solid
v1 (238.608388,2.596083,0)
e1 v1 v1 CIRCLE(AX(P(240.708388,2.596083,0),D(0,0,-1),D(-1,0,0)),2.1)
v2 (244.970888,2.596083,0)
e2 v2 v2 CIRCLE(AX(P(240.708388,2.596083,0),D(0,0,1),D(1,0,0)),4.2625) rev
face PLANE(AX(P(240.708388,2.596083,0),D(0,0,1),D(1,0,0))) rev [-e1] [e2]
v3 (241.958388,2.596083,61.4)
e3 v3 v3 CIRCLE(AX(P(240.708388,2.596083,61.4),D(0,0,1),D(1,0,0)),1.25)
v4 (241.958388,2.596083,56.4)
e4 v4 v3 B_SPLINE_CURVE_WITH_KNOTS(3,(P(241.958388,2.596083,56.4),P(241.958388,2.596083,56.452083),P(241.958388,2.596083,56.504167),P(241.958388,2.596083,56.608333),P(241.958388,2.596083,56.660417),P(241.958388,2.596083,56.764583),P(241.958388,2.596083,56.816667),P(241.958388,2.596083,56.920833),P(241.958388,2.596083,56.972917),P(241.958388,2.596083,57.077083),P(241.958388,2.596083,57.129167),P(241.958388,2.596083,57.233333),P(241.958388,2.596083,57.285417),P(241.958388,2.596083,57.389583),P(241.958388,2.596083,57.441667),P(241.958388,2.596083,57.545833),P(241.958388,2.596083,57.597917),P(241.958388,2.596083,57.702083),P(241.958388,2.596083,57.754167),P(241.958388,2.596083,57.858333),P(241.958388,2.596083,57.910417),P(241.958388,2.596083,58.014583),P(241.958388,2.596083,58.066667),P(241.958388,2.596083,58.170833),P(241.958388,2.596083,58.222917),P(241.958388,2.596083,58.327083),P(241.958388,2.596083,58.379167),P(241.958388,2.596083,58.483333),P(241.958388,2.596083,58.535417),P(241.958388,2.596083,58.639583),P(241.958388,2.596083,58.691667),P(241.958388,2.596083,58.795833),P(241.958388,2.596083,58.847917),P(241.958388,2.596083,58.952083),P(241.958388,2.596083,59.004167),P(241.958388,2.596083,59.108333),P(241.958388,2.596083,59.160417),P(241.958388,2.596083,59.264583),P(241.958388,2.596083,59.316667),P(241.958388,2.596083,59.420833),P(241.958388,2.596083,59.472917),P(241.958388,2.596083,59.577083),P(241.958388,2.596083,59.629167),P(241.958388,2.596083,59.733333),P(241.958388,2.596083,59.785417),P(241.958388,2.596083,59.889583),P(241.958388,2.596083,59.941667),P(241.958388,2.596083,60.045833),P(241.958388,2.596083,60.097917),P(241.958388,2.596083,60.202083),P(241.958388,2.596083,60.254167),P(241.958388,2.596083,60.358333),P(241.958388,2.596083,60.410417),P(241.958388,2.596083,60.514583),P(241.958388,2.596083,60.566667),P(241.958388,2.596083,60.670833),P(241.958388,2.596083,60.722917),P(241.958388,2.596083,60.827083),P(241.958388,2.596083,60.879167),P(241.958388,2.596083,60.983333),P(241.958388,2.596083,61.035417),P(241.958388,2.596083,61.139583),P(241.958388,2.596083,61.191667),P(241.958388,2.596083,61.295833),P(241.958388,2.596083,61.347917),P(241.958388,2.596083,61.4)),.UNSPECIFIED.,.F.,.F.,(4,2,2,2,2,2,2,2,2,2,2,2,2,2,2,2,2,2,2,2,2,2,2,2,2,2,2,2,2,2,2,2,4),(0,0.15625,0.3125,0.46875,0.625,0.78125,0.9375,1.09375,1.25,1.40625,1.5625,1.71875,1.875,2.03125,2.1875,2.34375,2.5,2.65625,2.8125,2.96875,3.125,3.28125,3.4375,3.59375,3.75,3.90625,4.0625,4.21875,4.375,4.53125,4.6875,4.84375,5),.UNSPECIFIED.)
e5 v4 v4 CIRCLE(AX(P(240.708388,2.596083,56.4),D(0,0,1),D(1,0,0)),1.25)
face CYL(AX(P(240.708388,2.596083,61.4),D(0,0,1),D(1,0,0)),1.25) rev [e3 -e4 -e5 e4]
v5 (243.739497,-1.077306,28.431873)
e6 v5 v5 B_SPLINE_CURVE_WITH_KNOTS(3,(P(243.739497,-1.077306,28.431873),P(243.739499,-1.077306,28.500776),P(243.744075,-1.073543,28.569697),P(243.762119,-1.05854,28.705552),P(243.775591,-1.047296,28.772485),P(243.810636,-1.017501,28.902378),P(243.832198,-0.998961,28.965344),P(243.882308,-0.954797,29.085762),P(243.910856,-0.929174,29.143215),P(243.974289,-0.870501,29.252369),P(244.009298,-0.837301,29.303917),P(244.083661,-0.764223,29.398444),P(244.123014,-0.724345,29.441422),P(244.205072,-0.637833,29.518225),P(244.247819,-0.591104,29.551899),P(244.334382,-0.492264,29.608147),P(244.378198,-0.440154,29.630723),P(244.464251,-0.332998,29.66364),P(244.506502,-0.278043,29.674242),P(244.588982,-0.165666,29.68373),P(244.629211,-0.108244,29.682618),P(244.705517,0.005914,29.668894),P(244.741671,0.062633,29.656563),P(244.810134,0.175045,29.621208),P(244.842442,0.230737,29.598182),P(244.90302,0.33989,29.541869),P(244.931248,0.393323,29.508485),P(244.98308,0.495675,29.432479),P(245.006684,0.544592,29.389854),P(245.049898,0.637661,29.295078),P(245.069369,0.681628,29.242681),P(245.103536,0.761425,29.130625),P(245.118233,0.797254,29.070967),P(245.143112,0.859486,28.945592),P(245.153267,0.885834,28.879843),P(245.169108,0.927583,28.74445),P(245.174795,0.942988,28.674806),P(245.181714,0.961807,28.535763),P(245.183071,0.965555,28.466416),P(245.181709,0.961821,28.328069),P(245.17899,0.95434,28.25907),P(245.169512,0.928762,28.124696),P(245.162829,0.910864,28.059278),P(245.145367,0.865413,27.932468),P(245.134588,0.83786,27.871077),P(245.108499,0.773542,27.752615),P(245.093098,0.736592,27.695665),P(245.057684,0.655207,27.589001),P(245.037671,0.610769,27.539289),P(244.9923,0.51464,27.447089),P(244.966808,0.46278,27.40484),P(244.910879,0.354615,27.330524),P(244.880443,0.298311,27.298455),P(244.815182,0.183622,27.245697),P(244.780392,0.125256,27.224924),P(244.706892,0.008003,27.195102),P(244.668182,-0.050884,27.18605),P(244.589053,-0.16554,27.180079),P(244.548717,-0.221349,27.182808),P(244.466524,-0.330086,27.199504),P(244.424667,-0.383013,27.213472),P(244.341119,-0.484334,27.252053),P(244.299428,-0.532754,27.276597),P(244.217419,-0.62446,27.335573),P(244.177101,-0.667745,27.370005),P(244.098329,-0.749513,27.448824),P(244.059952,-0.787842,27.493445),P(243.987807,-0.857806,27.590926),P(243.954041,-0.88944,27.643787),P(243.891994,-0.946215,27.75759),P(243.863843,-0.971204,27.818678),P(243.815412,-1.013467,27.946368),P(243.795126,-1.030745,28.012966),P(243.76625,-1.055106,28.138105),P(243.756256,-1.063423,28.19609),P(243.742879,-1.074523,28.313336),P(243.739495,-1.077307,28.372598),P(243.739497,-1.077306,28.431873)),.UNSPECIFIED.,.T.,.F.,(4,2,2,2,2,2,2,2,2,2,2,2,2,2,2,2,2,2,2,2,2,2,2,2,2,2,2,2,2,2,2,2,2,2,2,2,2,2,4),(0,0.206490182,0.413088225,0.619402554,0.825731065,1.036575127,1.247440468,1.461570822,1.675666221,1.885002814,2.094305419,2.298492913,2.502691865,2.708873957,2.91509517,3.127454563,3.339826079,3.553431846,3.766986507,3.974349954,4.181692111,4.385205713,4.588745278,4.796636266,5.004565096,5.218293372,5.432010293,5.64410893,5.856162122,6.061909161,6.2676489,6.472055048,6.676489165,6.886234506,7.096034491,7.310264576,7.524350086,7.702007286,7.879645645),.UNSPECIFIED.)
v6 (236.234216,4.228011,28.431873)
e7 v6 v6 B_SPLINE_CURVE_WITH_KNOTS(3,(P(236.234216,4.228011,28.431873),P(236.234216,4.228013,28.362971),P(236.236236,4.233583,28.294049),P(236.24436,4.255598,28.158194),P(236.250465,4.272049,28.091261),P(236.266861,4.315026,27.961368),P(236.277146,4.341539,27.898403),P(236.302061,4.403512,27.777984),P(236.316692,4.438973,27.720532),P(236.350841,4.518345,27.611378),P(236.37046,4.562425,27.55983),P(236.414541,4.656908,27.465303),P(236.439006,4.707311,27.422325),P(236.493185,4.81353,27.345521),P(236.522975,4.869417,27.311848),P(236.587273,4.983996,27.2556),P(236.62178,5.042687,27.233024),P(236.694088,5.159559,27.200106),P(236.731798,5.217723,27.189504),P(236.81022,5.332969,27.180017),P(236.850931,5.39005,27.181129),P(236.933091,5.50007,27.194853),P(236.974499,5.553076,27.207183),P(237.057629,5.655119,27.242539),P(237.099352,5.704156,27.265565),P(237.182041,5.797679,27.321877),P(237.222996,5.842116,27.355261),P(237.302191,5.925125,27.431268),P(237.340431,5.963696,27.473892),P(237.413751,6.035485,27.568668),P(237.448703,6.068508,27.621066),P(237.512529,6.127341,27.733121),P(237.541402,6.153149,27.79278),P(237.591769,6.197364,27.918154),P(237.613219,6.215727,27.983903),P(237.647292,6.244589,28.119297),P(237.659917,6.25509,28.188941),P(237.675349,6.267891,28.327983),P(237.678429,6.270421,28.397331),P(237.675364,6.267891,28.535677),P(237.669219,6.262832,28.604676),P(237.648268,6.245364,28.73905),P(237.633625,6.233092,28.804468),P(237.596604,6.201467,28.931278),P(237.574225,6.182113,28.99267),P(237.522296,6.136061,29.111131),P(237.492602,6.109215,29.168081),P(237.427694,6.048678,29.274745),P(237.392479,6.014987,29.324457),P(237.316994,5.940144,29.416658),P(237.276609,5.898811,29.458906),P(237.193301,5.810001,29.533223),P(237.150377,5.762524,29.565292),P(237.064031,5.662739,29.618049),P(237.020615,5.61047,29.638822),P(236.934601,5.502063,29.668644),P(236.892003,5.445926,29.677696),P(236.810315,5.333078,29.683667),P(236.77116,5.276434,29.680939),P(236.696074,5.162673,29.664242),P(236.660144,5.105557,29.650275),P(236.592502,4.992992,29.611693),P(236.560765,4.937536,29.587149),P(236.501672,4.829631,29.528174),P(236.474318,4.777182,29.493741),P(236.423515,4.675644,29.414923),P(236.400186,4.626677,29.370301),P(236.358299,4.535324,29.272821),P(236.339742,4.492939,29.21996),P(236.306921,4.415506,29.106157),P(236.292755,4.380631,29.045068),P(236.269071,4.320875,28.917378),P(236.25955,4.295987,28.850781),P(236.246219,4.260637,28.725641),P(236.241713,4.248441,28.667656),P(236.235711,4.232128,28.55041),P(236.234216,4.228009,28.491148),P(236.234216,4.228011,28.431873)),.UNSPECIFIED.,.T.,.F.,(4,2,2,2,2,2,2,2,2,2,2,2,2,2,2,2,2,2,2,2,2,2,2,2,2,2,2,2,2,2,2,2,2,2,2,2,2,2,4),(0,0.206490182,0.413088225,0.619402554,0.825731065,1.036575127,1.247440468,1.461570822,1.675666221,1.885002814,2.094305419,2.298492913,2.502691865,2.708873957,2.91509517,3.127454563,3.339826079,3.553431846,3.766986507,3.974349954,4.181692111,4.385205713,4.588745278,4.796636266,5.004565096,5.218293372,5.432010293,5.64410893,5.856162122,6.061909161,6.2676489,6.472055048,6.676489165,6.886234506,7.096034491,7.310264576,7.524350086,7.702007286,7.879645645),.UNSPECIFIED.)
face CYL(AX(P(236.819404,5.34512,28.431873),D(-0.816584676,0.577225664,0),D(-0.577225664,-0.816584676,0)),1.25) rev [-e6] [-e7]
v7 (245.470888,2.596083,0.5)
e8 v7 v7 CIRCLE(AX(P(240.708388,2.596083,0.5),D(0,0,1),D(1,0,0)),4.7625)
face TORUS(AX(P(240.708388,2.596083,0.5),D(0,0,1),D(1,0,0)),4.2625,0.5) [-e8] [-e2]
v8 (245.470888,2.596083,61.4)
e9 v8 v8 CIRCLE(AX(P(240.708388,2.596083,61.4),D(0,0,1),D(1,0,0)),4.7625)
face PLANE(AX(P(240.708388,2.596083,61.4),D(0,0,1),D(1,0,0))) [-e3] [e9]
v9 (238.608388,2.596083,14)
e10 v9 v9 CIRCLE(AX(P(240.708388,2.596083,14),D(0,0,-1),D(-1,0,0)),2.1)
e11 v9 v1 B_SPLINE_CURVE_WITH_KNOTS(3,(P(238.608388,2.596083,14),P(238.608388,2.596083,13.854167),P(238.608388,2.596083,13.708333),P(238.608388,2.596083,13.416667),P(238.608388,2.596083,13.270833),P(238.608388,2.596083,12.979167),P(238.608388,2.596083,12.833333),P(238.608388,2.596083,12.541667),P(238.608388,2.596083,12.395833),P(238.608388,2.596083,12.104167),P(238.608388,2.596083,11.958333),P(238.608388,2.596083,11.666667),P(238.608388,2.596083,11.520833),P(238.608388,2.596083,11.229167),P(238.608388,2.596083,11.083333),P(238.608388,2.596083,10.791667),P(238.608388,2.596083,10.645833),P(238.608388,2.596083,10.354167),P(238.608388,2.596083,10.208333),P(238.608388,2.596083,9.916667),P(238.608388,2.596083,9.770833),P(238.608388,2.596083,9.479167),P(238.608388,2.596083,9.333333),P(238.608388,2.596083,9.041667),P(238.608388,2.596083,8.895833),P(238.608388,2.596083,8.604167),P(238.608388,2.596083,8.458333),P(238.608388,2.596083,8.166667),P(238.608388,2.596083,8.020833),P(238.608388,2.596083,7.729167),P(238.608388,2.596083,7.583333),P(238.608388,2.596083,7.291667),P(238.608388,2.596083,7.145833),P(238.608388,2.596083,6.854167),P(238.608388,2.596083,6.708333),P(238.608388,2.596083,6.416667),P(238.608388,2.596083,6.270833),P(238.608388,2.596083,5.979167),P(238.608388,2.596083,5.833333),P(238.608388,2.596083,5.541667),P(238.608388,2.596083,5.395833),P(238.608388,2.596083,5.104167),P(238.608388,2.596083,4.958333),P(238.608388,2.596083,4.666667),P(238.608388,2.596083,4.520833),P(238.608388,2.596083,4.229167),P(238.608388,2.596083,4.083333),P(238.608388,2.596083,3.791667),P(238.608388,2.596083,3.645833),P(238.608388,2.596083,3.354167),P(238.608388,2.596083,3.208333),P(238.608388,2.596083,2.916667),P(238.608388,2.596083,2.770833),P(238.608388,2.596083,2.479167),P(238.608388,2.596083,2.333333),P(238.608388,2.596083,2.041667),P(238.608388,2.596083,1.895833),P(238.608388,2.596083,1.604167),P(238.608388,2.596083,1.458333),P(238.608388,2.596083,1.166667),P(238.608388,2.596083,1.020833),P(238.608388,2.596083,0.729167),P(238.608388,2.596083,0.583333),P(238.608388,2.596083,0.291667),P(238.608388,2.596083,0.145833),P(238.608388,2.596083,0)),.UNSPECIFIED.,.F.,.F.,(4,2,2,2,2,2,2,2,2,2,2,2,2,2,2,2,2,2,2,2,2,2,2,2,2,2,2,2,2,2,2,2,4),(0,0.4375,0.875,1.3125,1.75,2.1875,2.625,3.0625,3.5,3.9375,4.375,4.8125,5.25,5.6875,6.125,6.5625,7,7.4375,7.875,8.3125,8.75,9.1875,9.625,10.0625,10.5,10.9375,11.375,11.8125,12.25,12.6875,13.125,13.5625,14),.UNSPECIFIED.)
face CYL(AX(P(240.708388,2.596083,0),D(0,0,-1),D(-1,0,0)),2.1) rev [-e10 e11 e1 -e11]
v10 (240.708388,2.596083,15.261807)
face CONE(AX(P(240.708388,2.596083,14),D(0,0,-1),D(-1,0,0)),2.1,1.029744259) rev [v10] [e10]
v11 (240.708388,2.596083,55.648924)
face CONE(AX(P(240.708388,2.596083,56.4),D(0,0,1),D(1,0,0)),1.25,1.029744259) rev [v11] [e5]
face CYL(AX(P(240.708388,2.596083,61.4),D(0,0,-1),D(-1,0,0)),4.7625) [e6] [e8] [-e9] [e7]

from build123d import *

# Parameters (mm, degrees)
ESBO_O1_R                                      = 4.7625
RESSALTO_EXTRUS_O1_DEPTH                       = 61.4
FURO_ROSCADO_DE_M5X0_81_D                      = 4.2
FURO_ROSCADO_DE_M5X0_81_DEPTH                  = 14
FURO_ROSCADO_DE_M5X0_81_TIP                    = 1.2618073
FILETE1_R                                      = 0.5
BROCA_DE_ROSQUEAR_PARA_TARRAXA_DE_M3X0_5_D     = 2.5
BROCA_DE_ROSQUEAR_PARA_TARRAXA_DE_M3X0_5_DEPTH = 5
BROCA_DE_ROSQUEAR_PARA_TARRAXA_DE_M3X0_5_TIP   = 0.751075774
BROCA_DE_ROSQUEAR_PARA_TARRAXA_DE_M3_2_D       = 2.5
BROCA_DE_ROSQUEAR_PARA_TARRAXA_DE_M3_2_DEPTH   = 10
BROCA_DE_ROSQUEAR_PARA_TARRAXA_DE_M3_2_TIP     = 0.751075774


with BuildPart() as part:
    # Esboço1 → Ressalto-extrusão1 (new body)
    with BuildSketch(Plane.XY):
        with Locations((240.708388302, 2.596082859)):
            Circle(ESBO_O1_R)
    extrude(amount=RESSALTO_EXTRUS_O1_DEPTH)

    # Furo roscado de M5x0.81
    with Locations(Plane(origin=(0, 0, 0), x_dir=(-1, 0, 0), z_dir=(0, 0, -1))):
        with Locations((-240.708388302, 2.596082859)):
            Hole(FURO_ROSCADO_DE_M5X0_81_D / 2, depth=FURO_ROSCADO_DE_M5X0_81_DEPTH)
            with Locations((0, 0, -(FURO_ROSCADO_DE_M5X0_81_DEPTH + FURO_ROSCADO_DE_M5X0_81_TIP / 2))):  # 118° drill point
                Cone(0, FURO_ROSCADO_DE_M5X0_81_D / 2, FURO_ROSCADO_DE_M5X0_81_TIP, mode=Mode.SUBTRACT)

    # Filete1
    filete1_edges = [part.edges().sort_by_distance(p)[0] for p in [
        (235.945888302, 2.596082859, 0),
    ]]
    fillet(filete1_edges, radius=FILETE1_R)

    # Broca de rosquear para tarraxa de M3x0.5
    with Locations(Plane.XY.offset(61.4)):
        with Locations((240.708388302, 2.596082859)):
            Hole(BROCA_DE_ROSQUEAR_PARA_TARRAXA_DE_M3X0_5_D / 2, depth=BROCA_DE_ROSQUEAR_PARA_TARRAXA_DE_M3X0_5_DEPTH)
            with Locations((0, 0, -(BROCA_DE_ROSQUEAR_PARA_TARRAXA_DE_M3X0_5_DEPTH + BROCA_DE_ROSQUEAR_PARA_TARRAXA_DE_M3X0_5_TIP / 2))):  # 118° drill point
                Cone(0, BROCA_DE_ROSQUEAR_PARA_TARRAXA_DE_M3X0_5_D / 2, BROCA_DE_ROSQUEAR_PARA_TARRAXA_DE_M3X0_5_TIP, mode=Mode.SUBTRACT)

    # Broca de rosquear para tarraxa de M3 2
    with Locations(Plane(origin=(236.819403783, 5.345120084, 28.431873204), x_dir=(-0.577225664074, -0.81658467579, 0), z_dir=(-0.81658467579, 0.577225664074, 0))):
        with Locations((0, 0)):
            Hole(BROCA_DE_ROSQUEAR_PARA_TARRAXA_DE_M3_2_D / 2, depth=BROCA_DE_ROSQUEAR_PARA_TARRAXA_DE_M3_2_DEPTH)
            with Locations((0, 0, -(BROCA_DE_ROSQUEAR_PARA_TARRAXA_DE_M3_2_DEPTH + BROCA_DE_ROSQUEAR_PARA_TARRAXA_DE_M3_2_TIP / 2))):  # 118° drill point
                Cone(0, BROCA_DE_ROSQUEAR_PARA_TARRAXA_DE_M3_2_D / 2, BROCA_DE_ROSQUEAR_PARA_TARRAXA_DE_M3_2_TIP, mode=Mode.SUBTRACT)


solid = part.part
